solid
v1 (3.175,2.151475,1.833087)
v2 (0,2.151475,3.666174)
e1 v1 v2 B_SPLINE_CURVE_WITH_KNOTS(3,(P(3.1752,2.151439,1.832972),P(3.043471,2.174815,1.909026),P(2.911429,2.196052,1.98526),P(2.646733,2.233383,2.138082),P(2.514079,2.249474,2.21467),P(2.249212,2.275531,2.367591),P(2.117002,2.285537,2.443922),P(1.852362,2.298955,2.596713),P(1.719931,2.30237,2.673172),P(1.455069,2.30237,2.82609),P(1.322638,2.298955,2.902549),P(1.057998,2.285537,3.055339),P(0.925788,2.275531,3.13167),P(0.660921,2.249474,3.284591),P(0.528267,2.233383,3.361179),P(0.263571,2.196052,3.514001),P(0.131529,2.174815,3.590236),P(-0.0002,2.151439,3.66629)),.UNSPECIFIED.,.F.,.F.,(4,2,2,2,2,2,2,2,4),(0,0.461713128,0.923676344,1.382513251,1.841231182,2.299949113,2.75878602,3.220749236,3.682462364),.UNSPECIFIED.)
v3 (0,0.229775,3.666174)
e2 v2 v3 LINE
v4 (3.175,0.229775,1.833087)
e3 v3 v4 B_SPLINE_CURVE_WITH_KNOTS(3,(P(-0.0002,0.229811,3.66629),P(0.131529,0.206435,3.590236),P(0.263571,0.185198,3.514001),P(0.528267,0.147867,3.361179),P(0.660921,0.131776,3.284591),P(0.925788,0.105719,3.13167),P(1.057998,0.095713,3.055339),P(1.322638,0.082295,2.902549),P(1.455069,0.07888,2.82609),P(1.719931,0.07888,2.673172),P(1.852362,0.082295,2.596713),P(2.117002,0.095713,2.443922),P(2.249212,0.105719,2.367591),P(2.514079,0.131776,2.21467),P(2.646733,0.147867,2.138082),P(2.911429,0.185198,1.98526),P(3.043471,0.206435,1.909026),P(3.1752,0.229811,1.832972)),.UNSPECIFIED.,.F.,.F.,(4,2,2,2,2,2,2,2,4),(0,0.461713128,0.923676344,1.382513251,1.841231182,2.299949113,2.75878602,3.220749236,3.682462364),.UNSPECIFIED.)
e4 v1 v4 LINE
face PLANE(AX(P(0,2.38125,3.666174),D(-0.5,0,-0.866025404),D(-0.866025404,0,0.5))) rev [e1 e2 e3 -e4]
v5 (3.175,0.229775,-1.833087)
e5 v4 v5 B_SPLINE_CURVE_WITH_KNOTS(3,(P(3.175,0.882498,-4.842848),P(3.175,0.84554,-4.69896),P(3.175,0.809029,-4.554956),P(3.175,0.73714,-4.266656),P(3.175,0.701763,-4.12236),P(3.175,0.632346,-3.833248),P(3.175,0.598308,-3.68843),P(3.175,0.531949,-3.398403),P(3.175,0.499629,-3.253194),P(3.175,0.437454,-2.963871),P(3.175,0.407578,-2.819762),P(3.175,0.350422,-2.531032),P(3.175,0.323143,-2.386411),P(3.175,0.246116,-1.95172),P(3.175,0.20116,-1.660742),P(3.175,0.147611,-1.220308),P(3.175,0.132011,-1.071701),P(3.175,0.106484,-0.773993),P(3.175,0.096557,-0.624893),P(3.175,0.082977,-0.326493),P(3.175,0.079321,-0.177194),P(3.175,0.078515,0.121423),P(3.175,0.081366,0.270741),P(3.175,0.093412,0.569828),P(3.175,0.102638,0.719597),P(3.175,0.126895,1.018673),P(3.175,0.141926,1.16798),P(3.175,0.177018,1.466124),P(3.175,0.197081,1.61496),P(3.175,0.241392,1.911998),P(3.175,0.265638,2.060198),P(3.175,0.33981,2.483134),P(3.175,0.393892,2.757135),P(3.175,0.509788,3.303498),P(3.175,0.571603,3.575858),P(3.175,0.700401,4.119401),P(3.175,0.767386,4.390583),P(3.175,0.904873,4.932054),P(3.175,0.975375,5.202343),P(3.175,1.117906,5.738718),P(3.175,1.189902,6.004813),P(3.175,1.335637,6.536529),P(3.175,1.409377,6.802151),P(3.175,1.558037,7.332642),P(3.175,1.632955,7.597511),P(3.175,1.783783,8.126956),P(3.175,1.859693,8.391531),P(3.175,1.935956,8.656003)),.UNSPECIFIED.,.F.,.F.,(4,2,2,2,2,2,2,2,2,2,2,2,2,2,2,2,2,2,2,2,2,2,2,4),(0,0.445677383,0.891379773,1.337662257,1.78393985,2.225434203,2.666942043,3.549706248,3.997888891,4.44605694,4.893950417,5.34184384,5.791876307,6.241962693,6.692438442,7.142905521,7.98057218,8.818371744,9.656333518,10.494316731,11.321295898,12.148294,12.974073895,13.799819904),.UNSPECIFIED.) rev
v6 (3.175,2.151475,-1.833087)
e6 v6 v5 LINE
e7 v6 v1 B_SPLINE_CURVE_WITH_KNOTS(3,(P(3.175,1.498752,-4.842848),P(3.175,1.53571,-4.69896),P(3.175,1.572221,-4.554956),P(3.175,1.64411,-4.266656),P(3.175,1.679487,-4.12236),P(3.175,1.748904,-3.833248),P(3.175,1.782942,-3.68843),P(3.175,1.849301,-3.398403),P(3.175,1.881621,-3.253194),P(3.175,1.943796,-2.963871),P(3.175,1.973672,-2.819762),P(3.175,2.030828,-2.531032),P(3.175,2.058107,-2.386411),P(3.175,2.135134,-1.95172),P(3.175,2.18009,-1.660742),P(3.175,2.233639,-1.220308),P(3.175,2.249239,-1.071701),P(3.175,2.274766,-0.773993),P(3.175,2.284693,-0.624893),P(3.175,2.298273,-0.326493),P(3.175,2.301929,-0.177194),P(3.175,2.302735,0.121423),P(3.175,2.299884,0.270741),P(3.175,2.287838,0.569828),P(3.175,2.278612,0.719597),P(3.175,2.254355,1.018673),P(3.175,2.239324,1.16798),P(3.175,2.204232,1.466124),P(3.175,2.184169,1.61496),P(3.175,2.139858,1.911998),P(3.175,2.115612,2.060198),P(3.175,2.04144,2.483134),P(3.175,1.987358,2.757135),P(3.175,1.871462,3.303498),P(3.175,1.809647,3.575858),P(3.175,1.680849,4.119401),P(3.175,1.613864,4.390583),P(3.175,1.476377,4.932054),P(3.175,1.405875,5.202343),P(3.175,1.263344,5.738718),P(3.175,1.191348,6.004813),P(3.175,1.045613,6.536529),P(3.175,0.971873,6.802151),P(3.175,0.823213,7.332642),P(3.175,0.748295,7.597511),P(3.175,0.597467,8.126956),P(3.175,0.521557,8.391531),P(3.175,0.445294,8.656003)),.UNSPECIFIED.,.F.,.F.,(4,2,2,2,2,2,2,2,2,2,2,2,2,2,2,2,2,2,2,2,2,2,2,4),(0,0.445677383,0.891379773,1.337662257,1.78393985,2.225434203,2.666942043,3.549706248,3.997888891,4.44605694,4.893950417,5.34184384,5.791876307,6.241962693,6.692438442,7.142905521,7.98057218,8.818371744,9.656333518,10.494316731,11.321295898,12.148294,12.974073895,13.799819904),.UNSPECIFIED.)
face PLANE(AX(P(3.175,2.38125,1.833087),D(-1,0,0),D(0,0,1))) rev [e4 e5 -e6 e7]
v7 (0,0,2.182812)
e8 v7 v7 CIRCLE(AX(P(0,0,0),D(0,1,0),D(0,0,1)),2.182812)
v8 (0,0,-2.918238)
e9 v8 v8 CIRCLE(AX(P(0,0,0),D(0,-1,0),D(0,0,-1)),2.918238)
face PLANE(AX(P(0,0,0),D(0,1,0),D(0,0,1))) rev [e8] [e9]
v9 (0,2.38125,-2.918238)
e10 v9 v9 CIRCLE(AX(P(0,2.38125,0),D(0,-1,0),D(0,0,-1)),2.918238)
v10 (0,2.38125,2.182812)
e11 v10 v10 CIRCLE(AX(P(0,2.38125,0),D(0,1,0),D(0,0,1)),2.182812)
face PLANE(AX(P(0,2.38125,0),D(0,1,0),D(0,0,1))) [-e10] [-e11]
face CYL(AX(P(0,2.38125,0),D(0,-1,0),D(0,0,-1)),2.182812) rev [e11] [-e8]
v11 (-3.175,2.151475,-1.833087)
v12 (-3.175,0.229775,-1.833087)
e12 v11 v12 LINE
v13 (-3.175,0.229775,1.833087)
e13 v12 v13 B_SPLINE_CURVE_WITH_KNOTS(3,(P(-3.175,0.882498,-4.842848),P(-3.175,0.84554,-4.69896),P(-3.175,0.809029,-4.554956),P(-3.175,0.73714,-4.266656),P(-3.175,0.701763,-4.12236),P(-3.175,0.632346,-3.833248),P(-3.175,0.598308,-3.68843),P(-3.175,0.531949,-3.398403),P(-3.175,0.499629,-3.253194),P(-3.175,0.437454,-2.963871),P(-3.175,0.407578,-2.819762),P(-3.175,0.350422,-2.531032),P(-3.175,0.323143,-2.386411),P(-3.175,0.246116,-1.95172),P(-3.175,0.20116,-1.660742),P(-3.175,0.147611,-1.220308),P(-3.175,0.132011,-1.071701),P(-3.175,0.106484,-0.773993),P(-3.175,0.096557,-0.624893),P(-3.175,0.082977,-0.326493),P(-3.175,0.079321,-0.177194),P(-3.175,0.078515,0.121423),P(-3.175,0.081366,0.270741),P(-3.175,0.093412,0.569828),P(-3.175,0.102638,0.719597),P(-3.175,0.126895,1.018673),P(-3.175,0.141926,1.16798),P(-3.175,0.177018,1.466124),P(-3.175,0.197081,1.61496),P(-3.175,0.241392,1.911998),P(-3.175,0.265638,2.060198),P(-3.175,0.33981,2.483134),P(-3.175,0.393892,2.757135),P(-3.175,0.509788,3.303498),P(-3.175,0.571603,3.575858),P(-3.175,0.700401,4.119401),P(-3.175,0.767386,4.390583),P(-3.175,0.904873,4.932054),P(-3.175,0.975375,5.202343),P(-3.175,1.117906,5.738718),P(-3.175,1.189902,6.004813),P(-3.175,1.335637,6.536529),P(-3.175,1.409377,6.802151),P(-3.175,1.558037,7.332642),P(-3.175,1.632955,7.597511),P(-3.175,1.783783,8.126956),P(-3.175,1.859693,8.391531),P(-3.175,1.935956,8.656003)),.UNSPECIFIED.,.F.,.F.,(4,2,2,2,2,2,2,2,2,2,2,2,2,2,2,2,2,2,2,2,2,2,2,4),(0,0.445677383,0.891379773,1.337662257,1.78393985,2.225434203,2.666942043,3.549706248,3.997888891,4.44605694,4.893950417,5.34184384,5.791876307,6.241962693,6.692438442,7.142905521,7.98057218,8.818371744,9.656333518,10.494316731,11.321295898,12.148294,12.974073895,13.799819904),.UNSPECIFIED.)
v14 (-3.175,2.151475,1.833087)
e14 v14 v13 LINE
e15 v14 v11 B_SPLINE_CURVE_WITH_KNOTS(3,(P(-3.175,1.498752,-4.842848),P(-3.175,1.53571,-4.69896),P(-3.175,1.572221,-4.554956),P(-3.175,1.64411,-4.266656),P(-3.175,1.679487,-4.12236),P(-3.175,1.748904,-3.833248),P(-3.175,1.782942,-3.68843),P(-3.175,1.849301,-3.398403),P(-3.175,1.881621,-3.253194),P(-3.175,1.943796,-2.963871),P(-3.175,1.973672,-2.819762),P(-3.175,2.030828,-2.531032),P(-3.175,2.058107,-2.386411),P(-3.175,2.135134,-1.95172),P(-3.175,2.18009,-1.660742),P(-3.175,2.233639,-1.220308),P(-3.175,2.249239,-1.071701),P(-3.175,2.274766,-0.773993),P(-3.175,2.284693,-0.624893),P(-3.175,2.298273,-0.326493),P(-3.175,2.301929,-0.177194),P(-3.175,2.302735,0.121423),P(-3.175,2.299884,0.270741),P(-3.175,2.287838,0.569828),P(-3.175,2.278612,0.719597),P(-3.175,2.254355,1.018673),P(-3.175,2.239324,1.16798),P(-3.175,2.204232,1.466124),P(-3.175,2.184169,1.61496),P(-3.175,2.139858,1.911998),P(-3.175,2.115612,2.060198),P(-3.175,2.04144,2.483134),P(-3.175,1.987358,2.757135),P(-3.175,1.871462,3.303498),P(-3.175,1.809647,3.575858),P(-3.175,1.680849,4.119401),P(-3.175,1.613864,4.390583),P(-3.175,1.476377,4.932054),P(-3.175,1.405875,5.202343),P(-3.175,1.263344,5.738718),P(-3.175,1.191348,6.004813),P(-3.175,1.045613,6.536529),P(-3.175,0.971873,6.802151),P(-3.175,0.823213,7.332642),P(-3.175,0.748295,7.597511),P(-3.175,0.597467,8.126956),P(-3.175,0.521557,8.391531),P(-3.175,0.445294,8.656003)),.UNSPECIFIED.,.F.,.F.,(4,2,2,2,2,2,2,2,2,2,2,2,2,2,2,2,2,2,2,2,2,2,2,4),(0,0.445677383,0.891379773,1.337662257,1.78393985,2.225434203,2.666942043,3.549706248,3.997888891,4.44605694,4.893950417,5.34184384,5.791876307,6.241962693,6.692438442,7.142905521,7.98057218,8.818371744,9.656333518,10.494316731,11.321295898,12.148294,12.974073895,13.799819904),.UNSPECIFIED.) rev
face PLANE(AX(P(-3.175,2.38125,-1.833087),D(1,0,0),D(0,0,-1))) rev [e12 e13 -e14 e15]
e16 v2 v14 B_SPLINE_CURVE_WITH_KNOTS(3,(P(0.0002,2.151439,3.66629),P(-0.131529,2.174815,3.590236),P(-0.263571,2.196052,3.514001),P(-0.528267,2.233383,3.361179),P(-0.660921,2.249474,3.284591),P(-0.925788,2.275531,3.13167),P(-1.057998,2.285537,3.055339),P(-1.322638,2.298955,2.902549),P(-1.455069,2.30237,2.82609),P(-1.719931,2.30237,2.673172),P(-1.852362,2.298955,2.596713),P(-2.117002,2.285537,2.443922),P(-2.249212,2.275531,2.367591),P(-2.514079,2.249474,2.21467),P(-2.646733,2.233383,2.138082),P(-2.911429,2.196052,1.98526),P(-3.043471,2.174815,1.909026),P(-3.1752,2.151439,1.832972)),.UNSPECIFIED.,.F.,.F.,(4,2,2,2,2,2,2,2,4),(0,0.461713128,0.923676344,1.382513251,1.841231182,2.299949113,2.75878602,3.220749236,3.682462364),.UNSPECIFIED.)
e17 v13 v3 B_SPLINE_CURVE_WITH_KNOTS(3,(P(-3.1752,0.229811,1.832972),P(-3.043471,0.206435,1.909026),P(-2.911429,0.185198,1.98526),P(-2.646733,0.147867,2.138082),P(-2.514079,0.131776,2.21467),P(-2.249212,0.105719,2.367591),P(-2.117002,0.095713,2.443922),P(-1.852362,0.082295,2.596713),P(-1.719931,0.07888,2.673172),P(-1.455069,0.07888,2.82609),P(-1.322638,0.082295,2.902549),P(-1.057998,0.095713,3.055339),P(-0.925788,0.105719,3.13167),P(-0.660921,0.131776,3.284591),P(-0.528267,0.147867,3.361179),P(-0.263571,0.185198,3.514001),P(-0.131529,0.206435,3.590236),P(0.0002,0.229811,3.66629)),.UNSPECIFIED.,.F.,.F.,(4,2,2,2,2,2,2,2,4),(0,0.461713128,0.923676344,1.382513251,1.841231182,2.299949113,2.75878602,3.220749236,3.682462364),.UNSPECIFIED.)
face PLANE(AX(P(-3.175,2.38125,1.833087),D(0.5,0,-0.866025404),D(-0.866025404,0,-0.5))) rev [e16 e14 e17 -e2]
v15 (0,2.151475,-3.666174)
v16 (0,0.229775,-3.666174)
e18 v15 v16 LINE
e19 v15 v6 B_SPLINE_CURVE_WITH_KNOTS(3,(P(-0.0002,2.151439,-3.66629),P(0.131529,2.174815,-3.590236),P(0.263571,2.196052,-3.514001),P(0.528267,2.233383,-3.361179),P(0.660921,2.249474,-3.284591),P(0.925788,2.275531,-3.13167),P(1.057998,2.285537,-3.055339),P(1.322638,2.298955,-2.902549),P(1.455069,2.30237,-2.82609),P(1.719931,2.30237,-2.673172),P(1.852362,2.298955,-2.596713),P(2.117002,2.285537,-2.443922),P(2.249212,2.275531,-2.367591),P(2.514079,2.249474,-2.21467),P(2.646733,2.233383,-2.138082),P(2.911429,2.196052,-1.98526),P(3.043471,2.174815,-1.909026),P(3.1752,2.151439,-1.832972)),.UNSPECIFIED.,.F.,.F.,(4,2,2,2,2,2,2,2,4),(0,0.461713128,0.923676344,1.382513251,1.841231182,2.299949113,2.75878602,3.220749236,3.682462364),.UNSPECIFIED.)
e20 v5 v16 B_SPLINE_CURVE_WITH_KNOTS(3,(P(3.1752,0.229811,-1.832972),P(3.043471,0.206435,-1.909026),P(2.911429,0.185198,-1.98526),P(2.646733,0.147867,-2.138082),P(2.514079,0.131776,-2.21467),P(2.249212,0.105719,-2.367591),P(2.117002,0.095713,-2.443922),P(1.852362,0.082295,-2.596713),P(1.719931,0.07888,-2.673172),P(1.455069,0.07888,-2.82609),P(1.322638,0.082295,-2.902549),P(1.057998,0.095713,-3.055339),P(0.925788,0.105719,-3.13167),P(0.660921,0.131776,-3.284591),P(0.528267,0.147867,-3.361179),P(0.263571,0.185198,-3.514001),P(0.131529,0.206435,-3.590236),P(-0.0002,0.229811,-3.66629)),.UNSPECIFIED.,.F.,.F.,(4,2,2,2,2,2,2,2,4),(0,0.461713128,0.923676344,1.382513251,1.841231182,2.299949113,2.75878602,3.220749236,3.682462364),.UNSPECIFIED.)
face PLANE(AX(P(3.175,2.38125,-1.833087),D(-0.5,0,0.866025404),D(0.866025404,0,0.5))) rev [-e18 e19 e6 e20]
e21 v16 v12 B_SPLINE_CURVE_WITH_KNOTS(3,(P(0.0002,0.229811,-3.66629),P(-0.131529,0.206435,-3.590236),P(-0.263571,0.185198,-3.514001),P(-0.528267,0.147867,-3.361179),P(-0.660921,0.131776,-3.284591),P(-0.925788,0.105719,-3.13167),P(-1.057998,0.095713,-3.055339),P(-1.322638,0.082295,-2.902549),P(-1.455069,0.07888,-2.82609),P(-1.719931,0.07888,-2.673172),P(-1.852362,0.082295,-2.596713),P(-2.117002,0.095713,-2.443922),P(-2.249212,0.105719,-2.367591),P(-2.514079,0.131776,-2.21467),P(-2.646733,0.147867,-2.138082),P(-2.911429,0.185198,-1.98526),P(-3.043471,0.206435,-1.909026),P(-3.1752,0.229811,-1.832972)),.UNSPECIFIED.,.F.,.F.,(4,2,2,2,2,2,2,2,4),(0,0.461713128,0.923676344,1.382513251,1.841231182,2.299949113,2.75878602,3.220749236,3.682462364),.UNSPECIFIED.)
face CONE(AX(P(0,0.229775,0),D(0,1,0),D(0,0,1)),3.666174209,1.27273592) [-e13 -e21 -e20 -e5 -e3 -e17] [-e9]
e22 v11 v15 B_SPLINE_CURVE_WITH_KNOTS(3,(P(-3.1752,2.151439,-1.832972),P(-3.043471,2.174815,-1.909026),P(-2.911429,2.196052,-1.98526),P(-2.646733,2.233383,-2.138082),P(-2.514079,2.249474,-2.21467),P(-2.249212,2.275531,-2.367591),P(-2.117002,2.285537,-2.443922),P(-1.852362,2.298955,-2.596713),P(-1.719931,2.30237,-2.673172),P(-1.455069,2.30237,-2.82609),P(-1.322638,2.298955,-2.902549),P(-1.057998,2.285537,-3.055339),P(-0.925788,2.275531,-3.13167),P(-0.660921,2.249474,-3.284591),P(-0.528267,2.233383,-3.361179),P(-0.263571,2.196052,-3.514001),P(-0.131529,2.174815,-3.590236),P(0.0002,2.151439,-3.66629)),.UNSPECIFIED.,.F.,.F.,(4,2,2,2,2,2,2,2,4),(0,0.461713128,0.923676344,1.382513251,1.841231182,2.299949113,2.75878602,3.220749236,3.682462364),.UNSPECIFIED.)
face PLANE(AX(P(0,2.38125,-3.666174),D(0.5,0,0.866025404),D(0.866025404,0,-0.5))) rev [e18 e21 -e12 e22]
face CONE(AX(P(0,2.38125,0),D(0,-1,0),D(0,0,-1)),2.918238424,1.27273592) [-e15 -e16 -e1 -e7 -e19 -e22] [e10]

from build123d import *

# Parameters (mm, degrees)
SKETCH1_R           = 2.1828125
BOSS_EXTRUDE1_DEPTH = 2.38125


with BuildPart() as part:
    # Sketch1 → Boss-Extrude1 (new body)
    with BuildSketch(Plane(origin=(0, 0, 0), x_dir=(1, 0, 0), z_dir=(0, 1, 0))):
        Polygon((0, -3.666174209), (3.175, -1.833087105), (3.175, 1.833087105), (0, 3.666174209), (-3.175, 1.833087105), (-3.175, -1.833087105), align=None)
        Circle(SKETCH1_R, mode=Mode.SUBTRACT)
    extrude(amount=BOSS_EXTRUDE1_DEPTH)

    # Sketch2 → Cut-Revolve1 (revolve, cut)
    with BuildSketch(Plane(origin=(0, 0, 0), x_dir=(0, 0, -1), z_dir=(1, 0, 0))):
        Polygon((2.918238424, 2.38125), (3.666174209, 2.151474904), (3.666174209, 2.38125), align=None)
        Polygon((2.918238424, 0), (3.666174209, 0), (3.666174209, 0.229775096), align=None)
    revolve(axis=Axis((0, 0, 0), (0, 1, 0)), mode=Mode.SUBTRACT)


solid = part.part
